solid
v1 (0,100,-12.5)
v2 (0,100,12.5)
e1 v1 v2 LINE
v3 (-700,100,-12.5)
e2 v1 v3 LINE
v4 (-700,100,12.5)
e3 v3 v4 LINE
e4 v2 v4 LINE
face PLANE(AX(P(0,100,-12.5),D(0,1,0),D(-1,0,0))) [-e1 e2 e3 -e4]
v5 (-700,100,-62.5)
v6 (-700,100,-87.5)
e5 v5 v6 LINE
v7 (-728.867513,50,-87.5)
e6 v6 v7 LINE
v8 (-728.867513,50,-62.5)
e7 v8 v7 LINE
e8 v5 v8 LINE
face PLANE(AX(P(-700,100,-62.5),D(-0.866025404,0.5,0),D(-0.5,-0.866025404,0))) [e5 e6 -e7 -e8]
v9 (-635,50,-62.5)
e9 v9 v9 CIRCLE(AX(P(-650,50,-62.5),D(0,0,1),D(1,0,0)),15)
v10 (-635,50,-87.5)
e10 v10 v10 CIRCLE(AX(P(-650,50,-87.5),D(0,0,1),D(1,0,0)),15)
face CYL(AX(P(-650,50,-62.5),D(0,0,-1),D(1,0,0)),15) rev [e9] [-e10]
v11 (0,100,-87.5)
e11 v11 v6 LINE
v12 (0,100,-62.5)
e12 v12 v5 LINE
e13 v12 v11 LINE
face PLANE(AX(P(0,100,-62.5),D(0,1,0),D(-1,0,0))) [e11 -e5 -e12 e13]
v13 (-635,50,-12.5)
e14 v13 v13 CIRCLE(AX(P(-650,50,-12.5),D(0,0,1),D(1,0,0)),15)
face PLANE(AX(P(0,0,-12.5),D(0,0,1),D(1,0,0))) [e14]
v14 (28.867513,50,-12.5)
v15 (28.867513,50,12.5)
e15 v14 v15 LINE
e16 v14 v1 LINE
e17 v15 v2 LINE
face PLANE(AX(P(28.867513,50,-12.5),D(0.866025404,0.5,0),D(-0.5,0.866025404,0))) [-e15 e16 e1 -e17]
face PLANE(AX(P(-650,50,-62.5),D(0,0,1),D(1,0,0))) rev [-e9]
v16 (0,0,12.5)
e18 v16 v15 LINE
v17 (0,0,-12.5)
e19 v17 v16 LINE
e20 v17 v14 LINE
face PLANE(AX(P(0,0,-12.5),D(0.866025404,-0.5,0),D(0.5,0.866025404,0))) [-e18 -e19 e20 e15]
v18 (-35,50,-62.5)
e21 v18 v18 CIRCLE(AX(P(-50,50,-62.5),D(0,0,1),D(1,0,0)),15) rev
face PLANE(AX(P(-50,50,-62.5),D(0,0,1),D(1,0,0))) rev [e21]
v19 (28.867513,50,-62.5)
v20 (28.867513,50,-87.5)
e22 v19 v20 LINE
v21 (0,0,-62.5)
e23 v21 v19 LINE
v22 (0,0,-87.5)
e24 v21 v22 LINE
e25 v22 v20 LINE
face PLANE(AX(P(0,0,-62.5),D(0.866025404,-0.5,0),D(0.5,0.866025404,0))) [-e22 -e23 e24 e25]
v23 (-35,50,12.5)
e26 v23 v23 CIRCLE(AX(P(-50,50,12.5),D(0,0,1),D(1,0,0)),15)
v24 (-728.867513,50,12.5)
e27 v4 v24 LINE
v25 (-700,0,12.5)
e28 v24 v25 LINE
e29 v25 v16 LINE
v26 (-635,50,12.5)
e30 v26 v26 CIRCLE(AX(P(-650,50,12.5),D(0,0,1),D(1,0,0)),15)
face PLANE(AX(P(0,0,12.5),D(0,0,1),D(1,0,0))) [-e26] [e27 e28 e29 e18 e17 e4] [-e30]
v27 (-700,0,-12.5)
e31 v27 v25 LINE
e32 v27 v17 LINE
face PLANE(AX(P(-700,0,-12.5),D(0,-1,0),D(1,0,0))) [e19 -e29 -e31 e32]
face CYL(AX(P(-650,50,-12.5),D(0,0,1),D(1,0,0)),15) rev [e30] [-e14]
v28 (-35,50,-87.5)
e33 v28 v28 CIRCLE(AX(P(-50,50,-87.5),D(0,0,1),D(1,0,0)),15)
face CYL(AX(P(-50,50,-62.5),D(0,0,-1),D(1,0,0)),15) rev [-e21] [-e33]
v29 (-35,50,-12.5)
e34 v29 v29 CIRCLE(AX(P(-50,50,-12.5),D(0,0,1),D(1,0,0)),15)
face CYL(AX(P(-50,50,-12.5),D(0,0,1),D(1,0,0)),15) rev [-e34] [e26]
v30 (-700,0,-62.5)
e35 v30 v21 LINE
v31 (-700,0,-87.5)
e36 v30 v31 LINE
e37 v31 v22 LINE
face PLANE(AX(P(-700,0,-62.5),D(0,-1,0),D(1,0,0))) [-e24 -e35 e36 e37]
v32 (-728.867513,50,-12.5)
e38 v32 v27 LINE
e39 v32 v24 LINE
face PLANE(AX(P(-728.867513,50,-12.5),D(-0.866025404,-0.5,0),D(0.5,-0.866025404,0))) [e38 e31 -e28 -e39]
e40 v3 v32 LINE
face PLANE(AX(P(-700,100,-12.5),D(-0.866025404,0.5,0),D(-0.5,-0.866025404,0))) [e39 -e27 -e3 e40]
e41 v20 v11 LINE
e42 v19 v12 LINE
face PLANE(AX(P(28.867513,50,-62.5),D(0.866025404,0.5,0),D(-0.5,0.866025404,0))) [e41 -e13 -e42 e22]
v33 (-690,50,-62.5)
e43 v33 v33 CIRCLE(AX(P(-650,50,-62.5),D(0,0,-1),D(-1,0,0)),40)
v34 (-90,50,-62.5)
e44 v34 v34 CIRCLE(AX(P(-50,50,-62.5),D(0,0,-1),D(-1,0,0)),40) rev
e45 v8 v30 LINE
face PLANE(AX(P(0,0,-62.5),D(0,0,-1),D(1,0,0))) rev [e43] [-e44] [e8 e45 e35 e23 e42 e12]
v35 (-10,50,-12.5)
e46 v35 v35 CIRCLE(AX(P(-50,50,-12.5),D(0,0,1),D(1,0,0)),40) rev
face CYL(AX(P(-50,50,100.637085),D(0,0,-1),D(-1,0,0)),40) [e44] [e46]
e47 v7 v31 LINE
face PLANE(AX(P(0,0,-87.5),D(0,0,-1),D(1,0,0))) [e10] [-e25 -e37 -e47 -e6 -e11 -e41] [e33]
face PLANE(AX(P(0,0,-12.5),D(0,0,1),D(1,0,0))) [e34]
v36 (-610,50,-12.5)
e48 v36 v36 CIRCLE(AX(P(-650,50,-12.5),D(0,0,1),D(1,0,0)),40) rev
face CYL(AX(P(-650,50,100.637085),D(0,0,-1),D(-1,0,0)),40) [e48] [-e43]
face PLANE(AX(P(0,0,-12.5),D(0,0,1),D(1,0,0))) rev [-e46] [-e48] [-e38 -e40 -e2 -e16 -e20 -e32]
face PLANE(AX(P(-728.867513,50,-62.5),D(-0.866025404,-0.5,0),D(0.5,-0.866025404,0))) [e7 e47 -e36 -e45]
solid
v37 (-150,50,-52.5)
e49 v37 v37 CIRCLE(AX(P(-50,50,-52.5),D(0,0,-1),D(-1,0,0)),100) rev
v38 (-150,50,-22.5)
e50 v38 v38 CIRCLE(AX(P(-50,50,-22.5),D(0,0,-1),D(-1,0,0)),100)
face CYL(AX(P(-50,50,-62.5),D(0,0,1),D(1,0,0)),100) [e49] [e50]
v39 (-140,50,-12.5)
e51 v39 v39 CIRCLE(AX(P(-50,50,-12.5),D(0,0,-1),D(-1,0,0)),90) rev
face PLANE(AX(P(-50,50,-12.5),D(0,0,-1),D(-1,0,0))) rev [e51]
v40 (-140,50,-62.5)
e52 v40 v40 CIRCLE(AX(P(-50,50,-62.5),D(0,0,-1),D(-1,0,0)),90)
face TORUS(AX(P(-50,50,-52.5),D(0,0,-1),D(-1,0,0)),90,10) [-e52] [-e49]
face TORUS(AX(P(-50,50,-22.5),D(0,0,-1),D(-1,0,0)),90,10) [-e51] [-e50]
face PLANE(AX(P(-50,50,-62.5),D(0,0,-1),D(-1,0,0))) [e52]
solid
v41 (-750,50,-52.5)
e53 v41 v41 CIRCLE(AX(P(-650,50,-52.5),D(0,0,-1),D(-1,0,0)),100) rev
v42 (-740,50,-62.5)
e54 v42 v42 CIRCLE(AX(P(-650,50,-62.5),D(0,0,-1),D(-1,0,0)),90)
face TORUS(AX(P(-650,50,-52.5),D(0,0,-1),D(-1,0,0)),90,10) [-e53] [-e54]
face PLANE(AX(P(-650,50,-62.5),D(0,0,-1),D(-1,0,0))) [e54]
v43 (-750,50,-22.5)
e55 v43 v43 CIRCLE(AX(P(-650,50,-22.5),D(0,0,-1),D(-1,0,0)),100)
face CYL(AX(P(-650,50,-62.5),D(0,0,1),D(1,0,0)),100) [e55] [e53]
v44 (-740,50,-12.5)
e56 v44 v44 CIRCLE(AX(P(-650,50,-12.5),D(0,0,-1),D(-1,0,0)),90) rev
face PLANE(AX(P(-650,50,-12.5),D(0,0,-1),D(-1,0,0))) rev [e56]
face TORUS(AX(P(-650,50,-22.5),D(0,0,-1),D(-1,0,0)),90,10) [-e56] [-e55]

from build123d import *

# Parameters (mm, degrees)
SKETCH1_R             = 15
BOSS_EXTRUDE1_DEPTH   = 12.5
SKETCH2_R             = 40
BOSS_EXTRUDE2_DEPTH   = 50
SKETCH3_R             = 100
BOSS_EXTRUDE3_DEPTH   = 25
BOSS_EXTRUDE3_2_DEPTH = 25
FILLET1_R             = 10
FILLET2_R             = 10


with BuildPart() as part:
    # Sketch1 → Boss-Extrude1 (new, symmetric)
    with BuildSketch(Plane.XY):
        Polygon((28.867513459, 50), (0, 100), (-700, 100), (-728.867513459, 50), (-700, 0), (0, 0), align=None)
        with Locations((-650, 50)):
            Circle(SKETCH1_R, mode=Mode.SUBTRACT)
        with Locations((-50, 50)):
            Circle(SKETCH1_R, mode=Mode.SUBTRACT)
    extrude(amount=BOSS_EXTRUDE1_DEPTH, both=True)


with BuildPart() as body_2:
    # Mirror6: mirrored copy
    add(part.part.mirror(Plane(origin=(0, 0, -37.5), x_dir=(1, 0, 0), z_dir=(0, 0, -1))))


with BuildPart() as part_1:
    add(part.part)

    add(body_2.part)  # Boss-Extrude2 merges body 2
    # Sketch2 → Boss-Extrude2 (add)
    with BuildSketch(Plane.XY.offset(-62.5)):
        with Locations(Location((-650, 50, 0), (0, 0, 180))):
            Circle(SKETCH2_R)
        with Locations(Location((-50, 50, 0), (0, 0, 180))):
            Circle(SKETCH2_R)
    extrude(amount=BOSS_EXTRUDE2_DEPTH)


with BuildPart() as body_2_2:
    # Sketch3 → Boss-Extrude3 (new, symmetric)
    with BuildSketch(Plane(origin=(0, 0, -37.5), x_dir=(-1, 0, 0), z_dir=(0, 0, -1))):
        with Locations((50, 50)):
            Circle(SKETCH3_R)
    extrude(amount=BOSS_EXTRUDE3_DEPTH, both=True)

    # Fillet1
    fillet1_edges = [body_2_2.edges().sort_by_distance(p)[0] for p in [
        (50, 50, -12.5),
        (50, 50, -62.5),
    ]]
    fillet(fillet1_edges, radius=FILLET1_R)


with BuildPart() as body_3:
    # Sketch3 → Boss-Extrude3 2 (new, symmetric)
    with BuildSketch(Plane(origin=(0, 0, -37.5), x_dir=(-1, 0, 0), z_dir=(0, 0, -1))):
        with Locations((650, 50)):
            Circle(SKETCH3_R)
    extrude(amount=BOSS_EXTRUDE3_2_DEPTH, both=True)

    # Fillet2
    fillet2_edges = [body_3.edges().sort_by_distance(p)[0] for p in [
        (-550, 50, -12.5),
        (-550, 50, -62.5),
    ]]
    fillet(fillet2_edges, radius=FILLET2_R)


solid = Compound([part_1.part, body_2_2.part, body_3.part])
